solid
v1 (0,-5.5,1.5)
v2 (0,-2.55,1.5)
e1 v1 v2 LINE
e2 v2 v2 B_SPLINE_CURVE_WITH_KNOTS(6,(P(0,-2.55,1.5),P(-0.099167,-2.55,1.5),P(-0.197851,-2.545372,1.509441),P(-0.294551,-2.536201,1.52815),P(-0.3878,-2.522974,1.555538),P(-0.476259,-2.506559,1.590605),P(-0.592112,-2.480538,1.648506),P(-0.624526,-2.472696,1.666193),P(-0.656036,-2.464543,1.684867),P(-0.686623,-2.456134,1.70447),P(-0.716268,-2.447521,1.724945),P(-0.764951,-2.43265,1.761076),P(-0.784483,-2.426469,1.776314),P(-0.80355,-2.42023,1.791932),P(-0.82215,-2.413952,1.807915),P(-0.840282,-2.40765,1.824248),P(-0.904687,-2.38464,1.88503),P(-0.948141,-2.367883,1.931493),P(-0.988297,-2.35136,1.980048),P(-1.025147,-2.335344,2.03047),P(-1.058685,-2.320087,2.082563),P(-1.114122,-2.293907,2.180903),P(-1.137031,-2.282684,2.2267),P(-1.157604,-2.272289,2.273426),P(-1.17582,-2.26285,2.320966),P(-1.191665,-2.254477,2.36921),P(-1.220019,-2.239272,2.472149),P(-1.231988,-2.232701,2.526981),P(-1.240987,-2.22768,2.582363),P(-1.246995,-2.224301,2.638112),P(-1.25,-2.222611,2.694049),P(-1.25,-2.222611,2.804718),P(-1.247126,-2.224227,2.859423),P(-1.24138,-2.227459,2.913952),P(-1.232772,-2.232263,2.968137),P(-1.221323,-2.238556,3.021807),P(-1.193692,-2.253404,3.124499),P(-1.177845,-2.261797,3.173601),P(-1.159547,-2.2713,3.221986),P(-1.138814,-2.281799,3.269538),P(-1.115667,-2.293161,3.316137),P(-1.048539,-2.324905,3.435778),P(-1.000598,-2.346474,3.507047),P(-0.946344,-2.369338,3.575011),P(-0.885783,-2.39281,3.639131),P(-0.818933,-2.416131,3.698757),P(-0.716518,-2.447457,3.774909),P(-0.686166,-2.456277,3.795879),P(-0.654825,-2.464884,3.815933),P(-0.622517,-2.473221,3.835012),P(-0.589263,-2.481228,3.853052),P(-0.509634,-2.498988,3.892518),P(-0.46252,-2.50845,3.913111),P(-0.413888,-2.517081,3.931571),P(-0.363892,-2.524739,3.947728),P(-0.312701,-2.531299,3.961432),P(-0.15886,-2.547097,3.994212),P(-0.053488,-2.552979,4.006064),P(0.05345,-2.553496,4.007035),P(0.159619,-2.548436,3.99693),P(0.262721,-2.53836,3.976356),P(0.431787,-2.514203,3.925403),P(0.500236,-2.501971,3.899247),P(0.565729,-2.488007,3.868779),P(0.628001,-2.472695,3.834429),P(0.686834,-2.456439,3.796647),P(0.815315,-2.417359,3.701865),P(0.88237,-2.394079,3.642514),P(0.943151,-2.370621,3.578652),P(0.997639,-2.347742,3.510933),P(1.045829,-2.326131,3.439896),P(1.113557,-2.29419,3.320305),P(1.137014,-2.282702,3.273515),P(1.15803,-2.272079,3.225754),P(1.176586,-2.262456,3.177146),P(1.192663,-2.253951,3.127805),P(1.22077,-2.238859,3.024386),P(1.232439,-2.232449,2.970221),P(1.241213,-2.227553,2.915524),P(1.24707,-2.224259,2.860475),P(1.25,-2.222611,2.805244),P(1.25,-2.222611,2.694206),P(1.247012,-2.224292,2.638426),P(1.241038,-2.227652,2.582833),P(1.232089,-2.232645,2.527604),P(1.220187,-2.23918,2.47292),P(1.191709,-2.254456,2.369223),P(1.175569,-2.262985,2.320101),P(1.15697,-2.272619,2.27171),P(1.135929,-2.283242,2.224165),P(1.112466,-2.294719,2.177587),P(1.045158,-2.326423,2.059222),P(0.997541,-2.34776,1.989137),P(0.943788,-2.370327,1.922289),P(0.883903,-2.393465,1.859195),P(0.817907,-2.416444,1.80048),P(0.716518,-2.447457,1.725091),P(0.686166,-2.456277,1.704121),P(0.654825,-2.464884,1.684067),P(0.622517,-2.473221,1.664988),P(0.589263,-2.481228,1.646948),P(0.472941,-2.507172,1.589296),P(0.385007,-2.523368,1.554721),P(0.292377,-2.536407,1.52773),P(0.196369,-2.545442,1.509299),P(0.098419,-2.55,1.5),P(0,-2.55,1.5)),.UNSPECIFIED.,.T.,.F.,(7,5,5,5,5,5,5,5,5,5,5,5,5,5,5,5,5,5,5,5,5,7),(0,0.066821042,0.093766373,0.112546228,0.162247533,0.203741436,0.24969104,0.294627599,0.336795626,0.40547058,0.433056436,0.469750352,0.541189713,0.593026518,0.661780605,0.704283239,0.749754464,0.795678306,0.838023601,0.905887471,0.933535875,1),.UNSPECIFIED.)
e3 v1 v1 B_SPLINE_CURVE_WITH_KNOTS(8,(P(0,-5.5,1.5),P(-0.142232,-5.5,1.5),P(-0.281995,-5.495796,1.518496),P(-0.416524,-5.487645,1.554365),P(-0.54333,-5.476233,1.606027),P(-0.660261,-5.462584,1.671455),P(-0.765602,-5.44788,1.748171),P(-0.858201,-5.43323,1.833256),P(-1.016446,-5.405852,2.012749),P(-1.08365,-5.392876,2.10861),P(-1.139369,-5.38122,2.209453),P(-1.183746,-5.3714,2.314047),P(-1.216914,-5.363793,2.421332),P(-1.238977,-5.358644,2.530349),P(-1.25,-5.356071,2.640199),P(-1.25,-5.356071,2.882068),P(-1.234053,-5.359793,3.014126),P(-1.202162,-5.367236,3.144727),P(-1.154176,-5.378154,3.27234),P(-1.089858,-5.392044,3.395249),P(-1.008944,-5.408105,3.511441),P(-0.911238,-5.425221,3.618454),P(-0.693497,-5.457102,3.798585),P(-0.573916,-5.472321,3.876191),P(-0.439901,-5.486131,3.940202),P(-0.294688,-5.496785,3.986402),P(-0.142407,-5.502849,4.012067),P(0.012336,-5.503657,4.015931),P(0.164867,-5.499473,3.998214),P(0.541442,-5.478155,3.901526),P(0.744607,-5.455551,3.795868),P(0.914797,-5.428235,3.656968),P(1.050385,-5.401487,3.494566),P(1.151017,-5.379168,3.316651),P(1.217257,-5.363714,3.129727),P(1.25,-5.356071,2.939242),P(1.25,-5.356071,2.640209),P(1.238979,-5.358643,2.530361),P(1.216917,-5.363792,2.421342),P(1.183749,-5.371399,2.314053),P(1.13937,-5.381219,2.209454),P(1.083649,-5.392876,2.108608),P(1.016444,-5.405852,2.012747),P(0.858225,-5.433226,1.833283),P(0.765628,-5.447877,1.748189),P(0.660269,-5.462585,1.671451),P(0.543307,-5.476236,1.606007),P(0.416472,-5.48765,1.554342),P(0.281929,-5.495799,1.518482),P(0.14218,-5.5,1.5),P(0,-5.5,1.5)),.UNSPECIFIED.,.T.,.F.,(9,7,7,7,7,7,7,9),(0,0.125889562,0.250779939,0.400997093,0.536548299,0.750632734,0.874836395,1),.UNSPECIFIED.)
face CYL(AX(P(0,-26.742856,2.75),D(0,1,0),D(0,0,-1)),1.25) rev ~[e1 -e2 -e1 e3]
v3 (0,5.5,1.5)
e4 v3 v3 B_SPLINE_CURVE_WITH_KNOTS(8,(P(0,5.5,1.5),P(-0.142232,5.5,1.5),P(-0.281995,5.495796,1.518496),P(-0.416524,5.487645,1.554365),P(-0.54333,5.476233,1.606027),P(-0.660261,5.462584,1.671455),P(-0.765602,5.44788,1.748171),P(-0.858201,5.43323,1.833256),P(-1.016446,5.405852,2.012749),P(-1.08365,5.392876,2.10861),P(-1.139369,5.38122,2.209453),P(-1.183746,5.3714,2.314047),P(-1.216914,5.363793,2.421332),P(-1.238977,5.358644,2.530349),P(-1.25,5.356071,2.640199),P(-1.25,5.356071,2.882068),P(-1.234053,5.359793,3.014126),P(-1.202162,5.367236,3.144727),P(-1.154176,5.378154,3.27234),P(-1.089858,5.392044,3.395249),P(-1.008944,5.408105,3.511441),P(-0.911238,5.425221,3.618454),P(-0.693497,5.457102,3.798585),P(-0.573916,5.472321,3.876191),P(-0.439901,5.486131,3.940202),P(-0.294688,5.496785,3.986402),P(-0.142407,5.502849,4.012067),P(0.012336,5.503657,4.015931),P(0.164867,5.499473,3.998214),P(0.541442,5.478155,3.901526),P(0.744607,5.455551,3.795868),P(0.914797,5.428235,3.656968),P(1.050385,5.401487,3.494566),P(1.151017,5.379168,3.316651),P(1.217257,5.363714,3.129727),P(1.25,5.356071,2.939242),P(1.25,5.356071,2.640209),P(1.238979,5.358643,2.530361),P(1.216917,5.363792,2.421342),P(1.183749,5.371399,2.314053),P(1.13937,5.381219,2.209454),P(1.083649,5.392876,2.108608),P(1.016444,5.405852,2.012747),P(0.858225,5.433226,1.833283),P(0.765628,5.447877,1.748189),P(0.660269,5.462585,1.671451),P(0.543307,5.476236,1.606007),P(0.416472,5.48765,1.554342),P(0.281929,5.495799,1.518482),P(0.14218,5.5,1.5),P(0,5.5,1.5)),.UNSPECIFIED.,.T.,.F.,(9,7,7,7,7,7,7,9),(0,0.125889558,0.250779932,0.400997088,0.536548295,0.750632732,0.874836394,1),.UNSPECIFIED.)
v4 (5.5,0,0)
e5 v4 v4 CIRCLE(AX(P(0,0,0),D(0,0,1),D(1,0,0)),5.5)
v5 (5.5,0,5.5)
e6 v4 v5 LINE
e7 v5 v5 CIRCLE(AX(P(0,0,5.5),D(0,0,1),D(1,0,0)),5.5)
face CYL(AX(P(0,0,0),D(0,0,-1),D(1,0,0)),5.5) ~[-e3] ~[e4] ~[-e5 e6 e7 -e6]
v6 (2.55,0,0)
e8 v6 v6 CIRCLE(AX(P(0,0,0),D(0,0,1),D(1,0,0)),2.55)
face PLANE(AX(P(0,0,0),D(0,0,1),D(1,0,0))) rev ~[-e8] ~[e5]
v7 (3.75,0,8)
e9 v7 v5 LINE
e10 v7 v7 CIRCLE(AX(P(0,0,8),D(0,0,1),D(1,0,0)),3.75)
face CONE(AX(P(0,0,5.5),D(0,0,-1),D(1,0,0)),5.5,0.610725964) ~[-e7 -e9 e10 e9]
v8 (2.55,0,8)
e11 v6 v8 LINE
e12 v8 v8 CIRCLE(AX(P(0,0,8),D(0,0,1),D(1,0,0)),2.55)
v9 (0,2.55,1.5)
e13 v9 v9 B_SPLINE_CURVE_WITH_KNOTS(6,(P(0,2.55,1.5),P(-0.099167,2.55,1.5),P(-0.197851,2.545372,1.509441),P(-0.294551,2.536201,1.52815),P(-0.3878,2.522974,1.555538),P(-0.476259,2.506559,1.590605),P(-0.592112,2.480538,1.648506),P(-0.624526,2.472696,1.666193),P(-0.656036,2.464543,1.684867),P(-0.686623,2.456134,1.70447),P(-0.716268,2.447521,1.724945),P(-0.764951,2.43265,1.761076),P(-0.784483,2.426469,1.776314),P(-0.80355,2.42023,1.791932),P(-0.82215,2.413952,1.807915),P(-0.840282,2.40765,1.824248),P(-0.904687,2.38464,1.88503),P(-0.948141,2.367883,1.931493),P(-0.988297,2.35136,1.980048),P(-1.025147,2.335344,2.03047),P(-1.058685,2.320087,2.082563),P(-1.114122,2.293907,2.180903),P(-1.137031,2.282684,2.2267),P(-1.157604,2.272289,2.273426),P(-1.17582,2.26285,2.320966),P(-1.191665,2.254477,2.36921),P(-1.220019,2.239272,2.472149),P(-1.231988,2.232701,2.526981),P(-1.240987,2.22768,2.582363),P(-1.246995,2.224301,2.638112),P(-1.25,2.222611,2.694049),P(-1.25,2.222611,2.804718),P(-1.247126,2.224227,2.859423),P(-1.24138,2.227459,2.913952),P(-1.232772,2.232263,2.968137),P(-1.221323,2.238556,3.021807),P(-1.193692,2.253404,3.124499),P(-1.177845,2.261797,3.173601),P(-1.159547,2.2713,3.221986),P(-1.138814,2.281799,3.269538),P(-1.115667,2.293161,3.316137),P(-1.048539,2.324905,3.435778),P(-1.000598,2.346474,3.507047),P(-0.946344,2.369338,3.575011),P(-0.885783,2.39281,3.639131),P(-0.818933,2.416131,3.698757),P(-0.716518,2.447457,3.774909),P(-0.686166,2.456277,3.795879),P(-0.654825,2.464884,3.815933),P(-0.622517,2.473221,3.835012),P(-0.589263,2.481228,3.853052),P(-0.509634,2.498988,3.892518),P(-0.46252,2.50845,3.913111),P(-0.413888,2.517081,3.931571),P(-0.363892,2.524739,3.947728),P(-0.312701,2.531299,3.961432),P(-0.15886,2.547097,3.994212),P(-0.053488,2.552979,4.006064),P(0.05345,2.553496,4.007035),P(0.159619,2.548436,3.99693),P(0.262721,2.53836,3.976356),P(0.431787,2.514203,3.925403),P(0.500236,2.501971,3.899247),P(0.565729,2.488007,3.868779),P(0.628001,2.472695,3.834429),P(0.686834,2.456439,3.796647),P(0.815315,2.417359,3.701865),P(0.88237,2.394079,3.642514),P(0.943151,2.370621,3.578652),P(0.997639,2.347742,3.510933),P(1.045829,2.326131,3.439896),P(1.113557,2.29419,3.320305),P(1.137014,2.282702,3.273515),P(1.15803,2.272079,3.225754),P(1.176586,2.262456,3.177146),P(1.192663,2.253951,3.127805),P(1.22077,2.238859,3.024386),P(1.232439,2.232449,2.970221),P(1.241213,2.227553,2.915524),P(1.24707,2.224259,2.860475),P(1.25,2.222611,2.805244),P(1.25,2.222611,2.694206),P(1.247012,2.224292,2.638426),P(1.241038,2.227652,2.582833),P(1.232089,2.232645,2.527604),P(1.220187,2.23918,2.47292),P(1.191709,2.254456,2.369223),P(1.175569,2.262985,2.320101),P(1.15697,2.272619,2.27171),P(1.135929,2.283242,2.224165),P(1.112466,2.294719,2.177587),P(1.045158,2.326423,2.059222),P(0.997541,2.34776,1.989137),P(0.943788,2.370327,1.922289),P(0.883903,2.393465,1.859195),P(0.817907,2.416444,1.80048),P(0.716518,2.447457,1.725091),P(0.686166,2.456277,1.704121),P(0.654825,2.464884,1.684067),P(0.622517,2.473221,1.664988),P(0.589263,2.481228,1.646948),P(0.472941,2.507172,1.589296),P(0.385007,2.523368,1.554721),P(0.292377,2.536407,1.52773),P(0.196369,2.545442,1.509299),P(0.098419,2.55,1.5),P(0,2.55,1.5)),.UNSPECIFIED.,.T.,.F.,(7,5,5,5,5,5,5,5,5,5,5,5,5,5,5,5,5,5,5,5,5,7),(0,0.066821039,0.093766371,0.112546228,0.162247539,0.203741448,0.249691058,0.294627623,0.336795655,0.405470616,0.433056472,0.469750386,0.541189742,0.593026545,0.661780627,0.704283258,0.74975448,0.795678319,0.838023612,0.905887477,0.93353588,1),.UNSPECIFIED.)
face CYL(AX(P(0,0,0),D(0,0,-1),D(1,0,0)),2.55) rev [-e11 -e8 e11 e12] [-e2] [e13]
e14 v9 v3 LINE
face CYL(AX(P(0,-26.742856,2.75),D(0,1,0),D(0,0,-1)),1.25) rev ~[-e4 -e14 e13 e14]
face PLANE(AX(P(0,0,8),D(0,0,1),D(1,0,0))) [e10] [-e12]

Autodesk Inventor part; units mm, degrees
ref_plane "YZ Plane" through (0, 0, 0) normal (1, 0, 0) x (0, 1, 0)
ref_plane "XZ Plane" through (0, 0, 0) normal (0, 1, 0) x (-1, 0, 0)
ref_plane "XY Plane" through (0, 0, 0) normal (0, 0, 1) x (1, 0, 0)
sketch "Sketch1" plane through (0, 0, 0) normal (0, 0, 1) x (1, 0, 0)
  circle A0 centre (0, 0) radius 2.55
  circle A1 centre (0, 0) radius 5.5
  dimension "d0" = 5.1
  dimension "d1" = 11
extrude "Extrusion1" add sketch "Sketch1" along normal blind 8
chamfer "Chamfer1" distance 1.75 distance2 2.5 1 edges at (-5.5, 0, 8) measured on face at (4.4387, -0.6422, 8)
sketch "Sketch2" plane through (0, 0, 0) normal (0, 1, 0) x (-1, 0, 0)
  line L0 (-5.5, 0) -> (5.5, 0) projected
  line L1 (5.5, 5.5) -> (-5.5, 5.5) projected
  line L2 (-5.5, 0) -> (-5.5, 5.5) projected
  line L3 (5.5, 0) -> (5.5, 5.5) projected
  point P0 (0, 0)
  point P1 (0, 2.75)
  dimension "d7" = 11
  dimension "d8" = 5.5
  dimension "d9" = 5.5
  dimension "d10" = 2.75
hole "Hole1" at (0, 0, 2.75) direction (0, 1, 0) diameter 2.5 end through all both
equation "\"d8\" = 0.5 * d7"
equation "\"d10\" = 0.5 * d9"
properties part number "3DP_PLA_X_axis_idler_shaft_locking_ring"
